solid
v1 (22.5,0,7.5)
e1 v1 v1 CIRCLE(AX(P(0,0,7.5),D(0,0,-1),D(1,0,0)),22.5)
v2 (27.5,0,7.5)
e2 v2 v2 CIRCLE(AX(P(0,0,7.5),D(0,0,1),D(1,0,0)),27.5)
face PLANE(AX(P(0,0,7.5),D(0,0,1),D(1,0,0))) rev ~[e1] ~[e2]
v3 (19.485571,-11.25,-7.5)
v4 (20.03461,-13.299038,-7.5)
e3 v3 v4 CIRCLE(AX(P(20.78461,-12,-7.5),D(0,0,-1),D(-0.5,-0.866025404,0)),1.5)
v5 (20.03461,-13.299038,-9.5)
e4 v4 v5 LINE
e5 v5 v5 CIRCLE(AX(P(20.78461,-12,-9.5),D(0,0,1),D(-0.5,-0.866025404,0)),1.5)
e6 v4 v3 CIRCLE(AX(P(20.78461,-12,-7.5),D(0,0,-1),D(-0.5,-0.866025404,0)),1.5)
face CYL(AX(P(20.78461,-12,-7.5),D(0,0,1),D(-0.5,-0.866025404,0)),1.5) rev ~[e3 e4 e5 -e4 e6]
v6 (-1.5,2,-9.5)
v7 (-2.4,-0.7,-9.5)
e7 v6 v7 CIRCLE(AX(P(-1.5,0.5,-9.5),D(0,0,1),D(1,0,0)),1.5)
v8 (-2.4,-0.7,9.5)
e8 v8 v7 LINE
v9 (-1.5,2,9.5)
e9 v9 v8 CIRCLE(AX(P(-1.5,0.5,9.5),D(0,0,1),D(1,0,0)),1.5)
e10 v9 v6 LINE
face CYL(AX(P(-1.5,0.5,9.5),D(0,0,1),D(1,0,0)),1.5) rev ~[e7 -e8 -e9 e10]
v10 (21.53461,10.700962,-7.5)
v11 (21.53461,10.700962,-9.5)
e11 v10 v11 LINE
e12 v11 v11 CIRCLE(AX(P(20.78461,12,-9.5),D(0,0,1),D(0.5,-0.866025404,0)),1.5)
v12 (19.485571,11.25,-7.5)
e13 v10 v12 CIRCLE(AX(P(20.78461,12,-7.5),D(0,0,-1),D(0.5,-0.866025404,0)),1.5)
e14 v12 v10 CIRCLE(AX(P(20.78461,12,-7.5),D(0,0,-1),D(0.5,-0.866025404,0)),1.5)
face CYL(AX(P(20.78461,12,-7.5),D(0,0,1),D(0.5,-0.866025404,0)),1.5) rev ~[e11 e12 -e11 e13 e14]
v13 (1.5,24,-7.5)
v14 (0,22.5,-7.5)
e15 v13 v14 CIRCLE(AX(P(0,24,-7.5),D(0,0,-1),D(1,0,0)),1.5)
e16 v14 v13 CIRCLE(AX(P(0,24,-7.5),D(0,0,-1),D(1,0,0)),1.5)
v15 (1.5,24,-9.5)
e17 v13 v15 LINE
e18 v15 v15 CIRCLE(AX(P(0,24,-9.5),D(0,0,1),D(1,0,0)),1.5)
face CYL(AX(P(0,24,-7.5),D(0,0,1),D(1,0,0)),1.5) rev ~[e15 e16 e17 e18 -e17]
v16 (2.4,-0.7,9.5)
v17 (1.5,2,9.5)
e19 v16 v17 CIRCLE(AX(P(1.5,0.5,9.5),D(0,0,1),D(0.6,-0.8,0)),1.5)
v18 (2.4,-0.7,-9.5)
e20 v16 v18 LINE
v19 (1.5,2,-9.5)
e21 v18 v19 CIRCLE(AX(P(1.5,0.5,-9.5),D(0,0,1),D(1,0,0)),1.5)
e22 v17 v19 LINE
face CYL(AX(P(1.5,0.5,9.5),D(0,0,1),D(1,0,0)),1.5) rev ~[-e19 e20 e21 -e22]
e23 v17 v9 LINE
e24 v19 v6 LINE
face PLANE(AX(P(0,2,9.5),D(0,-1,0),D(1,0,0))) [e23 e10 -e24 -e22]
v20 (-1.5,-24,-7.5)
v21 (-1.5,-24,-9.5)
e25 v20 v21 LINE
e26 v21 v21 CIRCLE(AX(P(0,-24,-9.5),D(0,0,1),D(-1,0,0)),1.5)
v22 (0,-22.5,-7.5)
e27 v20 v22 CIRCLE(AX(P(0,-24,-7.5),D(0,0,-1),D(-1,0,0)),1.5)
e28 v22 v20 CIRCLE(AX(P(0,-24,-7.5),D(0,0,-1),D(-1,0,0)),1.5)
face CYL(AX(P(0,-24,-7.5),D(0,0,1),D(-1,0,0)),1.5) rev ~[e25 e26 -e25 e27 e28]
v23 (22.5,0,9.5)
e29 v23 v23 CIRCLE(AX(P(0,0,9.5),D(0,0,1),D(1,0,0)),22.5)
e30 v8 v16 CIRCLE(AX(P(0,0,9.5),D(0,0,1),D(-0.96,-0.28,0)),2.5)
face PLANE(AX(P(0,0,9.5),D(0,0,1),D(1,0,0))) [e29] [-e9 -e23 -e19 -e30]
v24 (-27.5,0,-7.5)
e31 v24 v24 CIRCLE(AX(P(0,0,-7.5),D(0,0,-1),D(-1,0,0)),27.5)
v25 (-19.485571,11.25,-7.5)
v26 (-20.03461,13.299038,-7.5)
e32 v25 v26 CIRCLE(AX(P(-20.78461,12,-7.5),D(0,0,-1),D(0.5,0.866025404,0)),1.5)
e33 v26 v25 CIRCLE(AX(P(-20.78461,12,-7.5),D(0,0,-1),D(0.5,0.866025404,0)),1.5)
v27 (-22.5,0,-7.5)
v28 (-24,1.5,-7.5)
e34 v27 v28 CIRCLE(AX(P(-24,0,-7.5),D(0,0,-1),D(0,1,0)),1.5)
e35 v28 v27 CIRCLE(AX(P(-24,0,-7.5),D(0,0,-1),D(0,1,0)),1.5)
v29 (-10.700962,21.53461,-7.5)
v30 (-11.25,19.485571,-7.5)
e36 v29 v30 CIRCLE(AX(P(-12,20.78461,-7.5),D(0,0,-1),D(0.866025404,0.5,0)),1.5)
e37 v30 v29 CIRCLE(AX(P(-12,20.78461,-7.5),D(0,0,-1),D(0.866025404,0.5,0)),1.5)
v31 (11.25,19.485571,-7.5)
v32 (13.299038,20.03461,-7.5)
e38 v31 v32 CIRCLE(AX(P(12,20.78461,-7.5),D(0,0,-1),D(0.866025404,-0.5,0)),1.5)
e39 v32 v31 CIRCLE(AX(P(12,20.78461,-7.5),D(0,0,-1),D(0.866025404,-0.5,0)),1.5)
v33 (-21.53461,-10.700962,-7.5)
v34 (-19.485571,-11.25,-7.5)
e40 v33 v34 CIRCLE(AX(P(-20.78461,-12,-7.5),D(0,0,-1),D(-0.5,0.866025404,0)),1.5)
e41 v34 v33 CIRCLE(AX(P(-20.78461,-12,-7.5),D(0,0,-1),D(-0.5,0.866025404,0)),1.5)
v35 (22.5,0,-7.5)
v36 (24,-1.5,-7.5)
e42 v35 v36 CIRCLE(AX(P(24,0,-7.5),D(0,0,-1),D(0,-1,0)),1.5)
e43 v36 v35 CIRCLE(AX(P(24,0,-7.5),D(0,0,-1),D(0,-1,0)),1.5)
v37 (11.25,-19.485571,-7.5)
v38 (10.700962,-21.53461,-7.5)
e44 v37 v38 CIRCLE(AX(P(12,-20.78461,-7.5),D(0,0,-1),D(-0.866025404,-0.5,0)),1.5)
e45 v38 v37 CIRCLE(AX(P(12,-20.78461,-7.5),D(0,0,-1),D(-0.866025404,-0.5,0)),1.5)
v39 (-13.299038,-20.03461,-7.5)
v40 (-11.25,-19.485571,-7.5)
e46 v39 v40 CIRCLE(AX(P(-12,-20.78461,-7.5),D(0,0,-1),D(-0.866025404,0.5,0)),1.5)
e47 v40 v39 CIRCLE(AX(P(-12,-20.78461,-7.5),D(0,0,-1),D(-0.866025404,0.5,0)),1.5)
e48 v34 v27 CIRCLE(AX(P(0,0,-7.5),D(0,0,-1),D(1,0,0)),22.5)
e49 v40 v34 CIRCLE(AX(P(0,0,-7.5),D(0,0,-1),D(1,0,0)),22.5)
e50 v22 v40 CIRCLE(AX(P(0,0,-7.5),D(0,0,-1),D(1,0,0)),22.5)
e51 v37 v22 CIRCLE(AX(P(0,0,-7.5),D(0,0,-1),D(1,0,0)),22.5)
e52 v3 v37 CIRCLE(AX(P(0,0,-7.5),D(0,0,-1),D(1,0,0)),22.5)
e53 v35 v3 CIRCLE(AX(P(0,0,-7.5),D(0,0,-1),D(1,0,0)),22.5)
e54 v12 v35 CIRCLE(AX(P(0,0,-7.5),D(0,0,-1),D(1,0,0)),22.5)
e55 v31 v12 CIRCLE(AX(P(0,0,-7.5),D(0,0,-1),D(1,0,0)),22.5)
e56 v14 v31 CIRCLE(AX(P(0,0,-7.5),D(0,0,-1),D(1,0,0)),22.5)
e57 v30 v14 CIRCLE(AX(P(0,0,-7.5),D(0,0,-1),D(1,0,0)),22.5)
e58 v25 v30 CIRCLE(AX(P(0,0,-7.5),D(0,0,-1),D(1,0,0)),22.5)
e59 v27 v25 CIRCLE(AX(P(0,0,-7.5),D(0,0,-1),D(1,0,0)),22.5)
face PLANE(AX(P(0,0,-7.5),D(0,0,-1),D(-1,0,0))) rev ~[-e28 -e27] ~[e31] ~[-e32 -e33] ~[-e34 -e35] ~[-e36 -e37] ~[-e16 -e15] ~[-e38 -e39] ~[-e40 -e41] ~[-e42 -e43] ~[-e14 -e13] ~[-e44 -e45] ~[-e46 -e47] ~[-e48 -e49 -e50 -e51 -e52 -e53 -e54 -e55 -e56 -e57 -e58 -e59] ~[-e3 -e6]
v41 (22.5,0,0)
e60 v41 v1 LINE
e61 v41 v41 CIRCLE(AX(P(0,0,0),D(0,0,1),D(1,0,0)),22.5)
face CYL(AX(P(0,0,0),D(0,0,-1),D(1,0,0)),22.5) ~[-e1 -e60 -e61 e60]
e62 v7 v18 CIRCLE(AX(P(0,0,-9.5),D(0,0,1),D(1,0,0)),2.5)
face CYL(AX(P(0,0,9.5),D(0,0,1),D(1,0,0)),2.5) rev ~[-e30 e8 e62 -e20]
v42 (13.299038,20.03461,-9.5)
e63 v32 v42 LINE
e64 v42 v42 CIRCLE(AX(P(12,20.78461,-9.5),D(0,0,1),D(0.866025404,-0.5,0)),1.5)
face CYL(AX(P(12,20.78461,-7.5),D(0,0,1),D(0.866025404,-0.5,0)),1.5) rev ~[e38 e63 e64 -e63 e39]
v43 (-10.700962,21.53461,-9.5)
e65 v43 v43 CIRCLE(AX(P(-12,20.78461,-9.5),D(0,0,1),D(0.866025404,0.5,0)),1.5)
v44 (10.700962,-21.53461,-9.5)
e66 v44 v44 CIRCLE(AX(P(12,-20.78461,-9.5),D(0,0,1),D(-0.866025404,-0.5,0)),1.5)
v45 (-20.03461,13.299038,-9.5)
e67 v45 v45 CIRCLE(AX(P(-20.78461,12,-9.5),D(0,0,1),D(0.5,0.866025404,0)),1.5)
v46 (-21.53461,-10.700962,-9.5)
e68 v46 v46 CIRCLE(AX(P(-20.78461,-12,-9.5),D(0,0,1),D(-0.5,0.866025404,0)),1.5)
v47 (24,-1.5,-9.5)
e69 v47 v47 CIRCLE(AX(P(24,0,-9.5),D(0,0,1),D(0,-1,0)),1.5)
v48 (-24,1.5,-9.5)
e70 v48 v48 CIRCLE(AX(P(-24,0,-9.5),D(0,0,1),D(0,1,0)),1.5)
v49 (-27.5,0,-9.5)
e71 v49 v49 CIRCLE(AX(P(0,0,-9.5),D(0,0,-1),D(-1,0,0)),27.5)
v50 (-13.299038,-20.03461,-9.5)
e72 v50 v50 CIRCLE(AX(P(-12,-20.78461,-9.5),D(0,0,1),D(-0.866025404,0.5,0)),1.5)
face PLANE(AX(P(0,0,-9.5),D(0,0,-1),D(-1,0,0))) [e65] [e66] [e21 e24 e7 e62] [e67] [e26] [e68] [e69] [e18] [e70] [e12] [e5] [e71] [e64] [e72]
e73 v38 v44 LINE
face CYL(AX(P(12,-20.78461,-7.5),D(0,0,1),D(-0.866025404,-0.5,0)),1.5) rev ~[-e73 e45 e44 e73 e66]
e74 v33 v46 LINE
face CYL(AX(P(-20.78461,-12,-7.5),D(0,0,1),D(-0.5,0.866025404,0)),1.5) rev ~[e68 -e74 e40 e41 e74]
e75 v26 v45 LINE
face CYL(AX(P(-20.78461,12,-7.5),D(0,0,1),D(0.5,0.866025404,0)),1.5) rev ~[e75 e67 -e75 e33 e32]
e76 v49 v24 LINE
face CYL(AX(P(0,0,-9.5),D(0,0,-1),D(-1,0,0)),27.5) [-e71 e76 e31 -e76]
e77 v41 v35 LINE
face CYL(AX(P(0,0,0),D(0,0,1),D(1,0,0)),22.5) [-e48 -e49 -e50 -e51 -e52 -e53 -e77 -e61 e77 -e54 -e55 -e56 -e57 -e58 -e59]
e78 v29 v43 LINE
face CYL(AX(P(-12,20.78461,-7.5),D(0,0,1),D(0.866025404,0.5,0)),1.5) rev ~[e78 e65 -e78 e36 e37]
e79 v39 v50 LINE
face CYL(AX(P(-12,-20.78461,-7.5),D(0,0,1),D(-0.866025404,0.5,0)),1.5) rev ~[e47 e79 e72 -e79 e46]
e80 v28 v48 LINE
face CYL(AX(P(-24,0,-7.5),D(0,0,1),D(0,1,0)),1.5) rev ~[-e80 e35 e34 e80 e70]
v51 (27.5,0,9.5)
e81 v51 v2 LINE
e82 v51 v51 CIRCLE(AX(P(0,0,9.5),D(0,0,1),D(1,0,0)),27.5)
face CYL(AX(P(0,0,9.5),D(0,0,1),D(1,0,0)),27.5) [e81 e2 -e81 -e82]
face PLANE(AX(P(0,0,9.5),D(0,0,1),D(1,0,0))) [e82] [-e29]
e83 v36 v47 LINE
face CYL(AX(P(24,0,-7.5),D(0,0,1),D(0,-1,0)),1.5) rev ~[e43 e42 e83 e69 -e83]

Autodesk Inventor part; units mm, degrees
ref_plane "YZ Plane" through (0, 0, 0) normal (1, 0, 0) x (0, 1, 0)
ref_plane "XZ Plane" through (0, 0, 0) normal (0, 1, 0) x (-1, 0, 0)
ref_plane "XY Plane" through (0, 0, 0) normal (0, 0, 1) x (1, 0, 0)
sketch "Sketch1" plane through (0, 0, 0) normal (0, 0, 1) x (1, 0, 0)
  circle A0 centre (0, 0) radius 22.5
  dimension "d0" = 45
extrude "Extrusion1" add sketch "Sketch1" along normal mid plane 19
sketch "Sketch2" plane through (0, 0, 9.5) normal (0, 0, 1) x (1, 0, 0)
  circle A0 centre (0, 0) radius 27.5
  circle A1 centre (0, 0) radius 22.5 projected
  dimension "d3" = 5
extrude "Extrusion2" add sketch "Sketch2" against normal blind 2 contours A0 | A1
sketch "Sketch3" plane through (0, 0, -9.5) normal (0, 0, -1) x (-1, 0, 0)
  circle A0 centre (0, 0) radius 27.5 projected
  circle A1 centre (0, 0) radius 22.5 projected
extrude "Extrusion3" add sketch "Sketch3" against normal blind 2
sketch "Sketch4" plane through (0, 0, 9.5) normal (0, 0, 1) x (1, 0, 0)
  circle A0 centre (0, 0) radius 2.5
  line L0 (-1.5, 2) -> (1.5, 2)
  circle A1 centre (-1.5, 0.5) radius 1.5
  line L1 (0, 38.5) -> (0, -38.5) projected
  circle A2 centre (1.5, 0.5) radius 1.5
  point P0 (2.4, -0.7)
  point P1 (1.5, 2)
  point P2 (-2.4, -0.7)
  dimension "d25" = 3
  dimension "d8" = 5
  dimension "d9" = 4.5
extrude "Extrusion4" cut sketch "Sketch4" against normal through all contours A0 A2 | A0 A2 | A2 L1 L0 | A0 L1 A2 | L1 A1 L0 | A1 A0 | L1 A0 A1 | A0 A1
sketch "Sketch5" plane through (0, 0, -7.5) normal (0, 0, 1) x (1, 0, 0)
  line L0 (0, -38.5) -> (0, 38.5) projected
  circle A0 centre (0, 24) radius 1.5
  circle A1 centre (0, 0) radius 22.5 projected
  dimension "d31" = 3
extrude "Extrusion5" cut sketch "Sketch5" against normal through all contours A0 L0 | L0 A0
pattern_circular "Circular Pattern1" count 12 over 360 about axis through (0, 0, -10) along (0, 0, 1) of "Extrusion5"
properties part number "WinderSpoolTraditionalMachining"
